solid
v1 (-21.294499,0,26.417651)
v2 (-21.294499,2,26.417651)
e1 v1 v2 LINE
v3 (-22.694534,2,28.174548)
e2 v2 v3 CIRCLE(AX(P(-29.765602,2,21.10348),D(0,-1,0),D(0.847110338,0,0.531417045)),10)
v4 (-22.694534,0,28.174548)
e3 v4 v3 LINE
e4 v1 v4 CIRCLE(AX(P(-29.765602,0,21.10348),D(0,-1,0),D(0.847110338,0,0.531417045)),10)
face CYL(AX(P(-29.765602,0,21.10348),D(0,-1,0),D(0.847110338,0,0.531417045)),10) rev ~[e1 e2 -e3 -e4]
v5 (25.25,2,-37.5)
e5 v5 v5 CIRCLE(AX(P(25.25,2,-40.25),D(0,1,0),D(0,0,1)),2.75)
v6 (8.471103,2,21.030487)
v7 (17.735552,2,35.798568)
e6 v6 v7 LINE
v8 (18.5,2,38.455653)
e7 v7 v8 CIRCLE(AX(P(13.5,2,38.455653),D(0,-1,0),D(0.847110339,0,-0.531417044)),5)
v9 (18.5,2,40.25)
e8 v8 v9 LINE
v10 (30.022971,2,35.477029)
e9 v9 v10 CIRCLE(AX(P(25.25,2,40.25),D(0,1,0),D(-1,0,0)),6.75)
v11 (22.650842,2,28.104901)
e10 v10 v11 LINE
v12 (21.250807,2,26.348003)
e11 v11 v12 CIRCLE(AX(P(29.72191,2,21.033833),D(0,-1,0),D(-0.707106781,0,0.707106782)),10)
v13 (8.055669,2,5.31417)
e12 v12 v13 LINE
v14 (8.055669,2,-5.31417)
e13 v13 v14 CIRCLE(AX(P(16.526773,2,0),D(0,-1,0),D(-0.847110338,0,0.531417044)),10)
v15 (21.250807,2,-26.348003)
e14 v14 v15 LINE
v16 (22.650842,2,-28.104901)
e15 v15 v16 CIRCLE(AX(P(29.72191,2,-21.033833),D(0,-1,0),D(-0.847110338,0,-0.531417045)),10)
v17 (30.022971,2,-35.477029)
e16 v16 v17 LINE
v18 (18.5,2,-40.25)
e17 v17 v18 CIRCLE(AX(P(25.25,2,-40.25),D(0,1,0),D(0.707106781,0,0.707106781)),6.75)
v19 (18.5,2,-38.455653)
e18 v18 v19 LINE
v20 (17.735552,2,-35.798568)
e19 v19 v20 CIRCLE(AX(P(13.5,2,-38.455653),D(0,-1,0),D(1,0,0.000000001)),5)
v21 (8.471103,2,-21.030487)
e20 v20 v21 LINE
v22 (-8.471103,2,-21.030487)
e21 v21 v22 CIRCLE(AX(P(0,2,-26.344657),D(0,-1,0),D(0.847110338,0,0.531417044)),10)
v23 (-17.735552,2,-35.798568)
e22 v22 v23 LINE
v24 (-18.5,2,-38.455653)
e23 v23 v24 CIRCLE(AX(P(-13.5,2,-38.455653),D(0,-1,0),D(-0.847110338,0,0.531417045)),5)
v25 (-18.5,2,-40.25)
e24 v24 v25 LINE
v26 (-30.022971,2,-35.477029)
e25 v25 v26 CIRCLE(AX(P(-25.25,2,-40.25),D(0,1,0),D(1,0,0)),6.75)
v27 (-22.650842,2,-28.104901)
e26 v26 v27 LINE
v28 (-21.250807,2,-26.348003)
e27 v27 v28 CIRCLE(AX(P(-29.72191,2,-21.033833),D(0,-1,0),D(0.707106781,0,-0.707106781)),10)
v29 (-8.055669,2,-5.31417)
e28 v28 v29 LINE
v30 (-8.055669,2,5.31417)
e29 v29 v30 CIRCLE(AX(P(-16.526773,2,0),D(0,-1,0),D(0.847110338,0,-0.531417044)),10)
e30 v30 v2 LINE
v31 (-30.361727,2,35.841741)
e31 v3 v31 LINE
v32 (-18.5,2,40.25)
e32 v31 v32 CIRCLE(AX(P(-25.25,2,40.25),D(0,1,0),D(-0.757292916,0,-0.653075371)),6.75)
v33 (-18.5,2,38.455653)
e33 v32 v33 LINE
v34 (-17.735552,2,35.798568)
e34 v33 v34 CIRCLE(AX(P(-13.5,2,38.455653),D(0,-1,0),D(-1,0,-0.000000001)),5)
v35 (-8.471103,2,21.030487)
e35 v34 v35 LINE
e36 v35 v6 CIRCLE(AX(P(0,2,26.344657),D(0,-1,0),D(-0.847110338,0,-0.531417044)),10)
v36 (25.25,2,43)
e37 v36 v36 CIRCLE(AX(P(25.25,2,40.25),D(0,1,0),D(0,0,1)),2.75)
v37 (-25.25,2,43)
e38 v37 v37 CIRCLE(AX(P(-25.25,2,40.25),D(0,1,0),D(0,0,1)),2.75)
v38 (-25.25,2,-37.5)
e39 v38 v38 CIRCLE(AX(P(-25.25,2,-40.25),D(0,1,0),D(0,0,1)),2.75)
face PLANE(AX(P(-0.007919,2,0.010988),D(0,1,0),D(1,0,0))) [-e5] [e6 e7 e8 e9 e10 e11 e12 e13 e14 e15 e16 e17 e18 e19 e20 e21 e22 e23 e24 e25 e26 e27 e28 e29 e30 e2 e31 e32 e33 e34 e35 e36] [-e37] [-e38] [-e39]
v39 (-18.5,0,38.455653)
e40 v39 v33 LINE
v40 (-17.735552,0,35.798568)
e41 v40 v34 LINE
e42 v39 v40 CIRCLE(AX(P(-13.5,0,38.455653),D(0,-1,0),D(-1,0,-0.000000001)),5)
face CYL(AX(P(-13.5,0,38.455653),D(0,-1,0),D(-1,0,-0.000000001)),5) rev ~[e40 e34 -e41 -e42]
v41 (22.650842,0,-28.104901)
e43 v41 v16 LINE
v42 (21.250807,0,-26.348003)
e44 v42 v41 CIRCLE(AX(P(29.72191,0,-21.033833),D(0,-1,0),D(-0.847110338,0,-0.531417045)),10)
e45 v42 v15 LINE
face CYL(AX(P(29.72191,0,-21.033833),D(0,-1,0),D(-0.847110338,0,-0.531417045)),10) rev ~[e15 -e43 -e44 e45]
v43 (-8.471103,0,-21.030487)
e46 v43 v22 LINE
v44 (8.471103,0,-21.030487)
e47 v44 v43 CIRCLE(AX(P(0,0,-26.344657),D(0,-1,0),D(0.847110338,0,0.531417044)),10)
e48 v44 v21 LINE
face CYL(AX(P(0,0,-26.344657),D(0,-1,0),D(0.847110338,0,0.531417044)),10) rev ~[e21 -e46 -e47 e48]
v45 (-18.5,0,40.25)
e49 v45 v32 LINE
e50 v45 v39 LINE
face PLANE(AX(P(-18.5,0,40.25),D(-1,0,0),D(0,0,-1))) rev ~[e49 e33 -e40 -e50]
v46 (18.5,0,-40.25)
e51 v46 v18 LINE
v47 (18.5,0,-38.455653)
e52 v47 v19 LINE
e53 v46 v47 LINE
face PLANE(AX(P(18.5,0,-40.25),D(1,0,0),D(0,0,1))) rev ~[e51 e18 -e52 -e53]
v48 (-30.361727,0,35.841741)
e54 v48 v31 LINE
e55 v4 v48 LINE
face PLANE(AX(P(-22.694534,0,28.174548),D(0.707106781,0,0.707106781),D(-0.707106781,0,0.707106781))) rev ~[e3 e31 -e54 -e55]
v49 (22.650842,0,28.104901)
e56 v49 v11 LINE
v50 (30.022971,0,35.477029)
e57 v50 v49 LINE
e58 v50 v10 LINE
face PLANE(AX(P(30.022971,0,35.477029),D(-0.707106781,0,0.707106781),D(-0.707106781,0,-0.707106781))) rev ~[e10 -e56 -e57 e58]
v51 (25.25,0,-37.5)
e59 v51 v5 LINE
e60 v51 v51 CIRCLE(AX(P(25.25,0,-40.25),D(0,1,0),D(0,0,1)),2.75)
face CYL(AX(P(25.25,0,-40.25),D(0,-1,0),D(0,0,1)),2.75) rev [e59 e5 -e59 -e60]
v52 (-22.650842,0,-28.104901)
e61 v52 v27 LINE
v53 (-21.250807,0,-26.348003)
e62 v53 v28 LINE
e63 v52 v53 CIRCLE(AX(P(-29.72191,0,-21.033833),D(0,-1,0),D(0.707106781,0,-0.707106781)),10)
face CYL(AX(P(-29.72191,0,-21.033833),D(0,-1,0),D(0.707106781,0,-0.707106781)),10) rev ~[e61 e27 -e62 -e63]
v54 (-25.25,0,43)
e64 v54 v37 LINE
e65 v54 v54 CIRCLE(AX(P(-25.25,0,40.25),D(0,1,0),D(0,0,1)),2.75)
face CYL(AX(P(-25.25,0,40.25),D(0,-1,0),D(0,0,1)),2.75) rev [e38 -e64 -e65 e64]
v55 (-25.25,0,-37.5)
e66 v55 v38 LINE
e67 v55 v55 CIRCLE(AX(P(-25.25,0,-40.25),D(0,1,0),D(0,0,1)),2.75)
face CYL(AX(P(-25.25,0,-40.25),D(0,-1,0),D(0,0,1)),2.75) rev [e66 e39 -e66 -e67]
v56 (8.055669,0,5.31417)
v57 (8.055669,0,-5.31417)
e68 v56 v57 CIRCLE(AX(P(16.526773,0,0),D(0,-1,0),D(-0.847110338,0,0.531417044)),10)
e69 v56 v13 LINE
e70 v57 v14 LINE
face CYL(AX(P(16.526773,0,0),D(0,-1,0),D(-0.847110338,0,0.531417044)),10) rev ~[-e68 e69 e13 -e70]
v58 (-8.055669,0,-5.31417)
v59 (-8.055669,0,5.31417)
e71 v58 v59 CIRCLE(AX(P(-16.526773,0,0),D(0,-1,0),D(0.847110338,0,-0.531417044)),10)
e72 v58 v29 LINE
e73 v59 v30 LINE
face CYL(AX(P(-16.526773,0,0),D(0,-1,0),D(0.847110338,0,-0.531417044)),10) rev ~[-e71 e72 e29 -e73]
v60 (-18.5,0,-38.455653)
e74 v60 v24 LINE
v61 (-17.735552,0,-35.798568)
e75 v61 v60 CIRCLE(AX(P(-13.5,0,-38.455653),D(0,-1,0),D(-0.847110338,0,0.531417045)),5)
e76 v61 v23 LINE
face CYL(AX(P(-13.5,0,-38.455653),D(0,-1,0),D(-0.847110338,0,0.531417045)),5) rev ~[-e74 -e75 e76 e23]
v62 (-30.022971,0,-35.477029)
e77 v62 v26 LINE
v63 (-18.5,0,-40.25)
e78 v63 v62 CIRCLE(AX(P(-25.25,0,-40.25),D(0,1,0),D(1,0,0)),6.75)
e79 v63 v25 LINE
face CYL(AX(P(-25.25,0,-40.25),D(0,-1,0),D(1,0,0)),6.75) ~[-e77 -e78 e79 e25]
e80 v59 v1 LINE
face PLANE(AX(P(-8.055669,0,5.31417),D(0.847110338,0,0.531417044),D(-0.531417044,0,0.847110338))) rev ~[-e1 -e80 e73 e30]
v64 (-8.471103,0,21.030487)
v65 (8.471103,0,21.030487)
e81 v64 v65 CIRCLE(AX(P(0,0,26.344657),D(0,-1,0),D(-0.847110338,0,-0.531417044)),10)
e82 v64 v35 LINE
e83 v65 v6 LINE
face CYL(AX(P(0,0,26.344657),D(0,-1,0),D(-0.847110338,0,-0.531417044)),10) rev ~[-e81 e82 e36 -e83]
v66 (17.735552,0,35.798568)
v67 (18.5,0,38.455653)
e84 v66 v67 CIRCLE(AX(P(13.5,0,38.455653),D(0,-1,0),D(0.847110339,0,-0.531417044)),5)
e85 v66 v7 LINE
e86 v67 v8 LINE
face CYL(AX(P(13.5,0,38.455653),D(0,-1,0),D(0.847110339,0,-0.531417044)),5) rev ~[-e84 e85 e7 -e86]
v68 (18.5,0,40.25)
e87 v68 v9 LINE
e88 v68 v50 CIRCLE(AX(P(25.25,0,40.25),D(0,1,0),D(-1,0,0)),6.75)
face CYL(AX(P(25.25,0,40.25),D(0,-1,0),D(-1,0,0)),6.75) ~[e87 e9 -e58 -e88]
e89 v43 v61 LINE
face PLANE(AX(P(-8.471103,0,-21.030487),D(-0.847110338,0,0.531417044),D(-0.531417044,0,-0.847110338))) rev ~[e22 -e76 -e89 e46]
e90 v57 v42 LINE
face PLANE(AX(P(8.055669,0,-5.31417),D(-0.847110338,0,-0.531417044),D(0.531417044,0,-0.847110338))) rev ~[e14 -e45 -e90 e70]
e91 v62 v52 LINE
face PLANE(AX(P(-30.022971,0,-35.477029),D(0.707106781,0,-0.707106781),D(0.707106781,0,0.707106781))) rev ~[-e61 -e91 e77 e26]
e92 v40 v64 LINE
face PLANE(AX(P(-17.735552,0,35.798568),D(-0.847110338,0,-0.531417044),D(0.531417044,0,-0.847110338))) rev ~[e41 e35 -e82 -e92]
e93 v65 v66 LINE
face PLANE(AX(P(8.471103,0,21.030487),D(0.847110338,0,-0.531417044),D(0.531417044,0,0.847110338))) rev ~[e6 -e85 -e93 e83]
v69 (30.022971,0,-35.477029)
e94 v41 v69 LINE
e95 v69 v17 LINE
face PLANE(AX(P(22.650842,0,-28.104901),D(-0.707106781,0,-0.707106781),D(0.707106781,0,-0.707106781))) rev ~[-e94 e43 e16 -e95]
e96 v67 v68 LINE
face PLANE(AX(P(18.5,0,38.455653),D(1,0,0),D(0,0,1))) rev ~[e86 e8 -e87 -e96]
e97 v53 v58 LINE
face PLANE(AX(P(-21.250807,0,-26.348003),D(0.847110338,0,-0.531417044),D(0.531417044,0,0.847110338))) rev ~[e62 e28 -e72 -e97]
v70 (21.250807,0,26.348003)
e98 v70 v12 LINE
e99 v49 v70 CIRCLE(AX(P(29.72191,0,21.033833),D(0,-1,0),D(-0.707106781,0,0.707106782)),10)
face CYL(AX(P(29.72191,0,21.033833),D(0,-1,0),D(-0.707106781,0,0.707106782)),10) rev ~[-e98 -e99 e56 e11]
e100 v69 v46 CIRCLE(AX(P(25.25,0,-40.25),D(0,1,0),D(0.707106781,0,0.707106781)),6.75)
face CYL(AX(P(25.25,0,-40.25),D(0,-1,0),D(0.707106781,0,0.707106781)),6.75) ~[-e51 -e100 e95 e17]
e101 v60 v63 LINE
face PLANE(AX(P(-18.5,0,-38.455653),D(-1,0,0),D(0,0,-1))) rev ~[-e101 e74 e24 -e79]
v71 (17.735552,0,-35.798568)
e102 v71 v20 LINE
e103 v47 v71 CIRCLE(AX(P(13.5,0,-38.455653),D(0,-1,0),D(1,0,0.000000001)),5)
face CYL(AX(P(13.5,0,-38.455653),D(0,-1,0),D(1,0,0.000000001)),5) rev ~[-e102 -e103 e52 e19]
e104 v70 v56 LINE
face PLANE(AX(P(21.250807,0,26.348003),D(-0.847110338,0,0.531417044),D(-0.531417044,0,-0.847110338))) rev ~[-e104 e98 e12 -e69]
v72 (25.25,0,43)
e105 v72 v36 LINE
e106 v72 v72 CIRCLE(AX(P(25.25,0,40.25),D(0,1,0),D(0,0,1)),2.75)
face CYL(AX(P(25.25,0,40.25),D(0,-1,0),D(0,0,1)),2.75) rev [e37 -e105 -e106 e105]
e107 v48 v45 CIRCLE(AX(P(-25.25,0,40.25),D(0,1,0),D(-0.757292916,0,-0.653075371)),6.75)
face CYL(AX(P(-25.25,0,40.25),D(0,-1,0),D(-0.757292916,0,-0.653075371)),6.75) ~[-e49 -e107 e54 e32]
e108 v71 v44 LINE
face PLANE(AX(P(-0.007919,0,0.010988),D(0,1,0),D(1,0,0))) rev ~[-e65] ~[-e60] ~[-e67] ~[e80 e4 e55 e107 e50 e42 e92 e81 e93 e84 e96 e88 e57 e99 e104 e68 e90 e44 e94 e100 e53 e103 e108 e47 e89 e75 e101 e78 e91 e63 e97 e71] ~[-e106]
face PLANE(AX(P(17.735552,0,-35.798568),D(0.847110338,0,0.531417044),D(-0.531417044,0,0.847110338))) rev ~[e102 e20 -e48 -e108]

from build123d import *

# Parameters (mm, degrees)
SKETCH1_R           = 2.75
BOSS_EXTRUDE1_DEPTH = 2


with BuildPart() as part:
    # Sketch1 → Boss-Extrude1 (new body)
    with BuildSketch(Plane(origin=(0, 0, 0), x_dir=(1, 0, 0), z_dir=(0, 1, 0))):
        with BuildLine():
            ThreePointArc((-22.650842333, 28.104900787), (-21.901331942, 27.26589175), (-21.250806764, 26.34800342))
            Line((-21.250806764, 26.34800342), (-8.055669308, 5.314170444))
            ThreePointArc((-8.055669308, 5.314170444), (-6.526772689, 0), (-8.055669308, -5.314170444))
            Line((-8.055669308, -5.314170444), (-21.294498712, -26.41765098))
            ThreePointArc((-21.294498712, -26.41765098), (-21.94502389, -27.33553931), (-22.694534281, -28.174548348))
            Line((-22.694534281, -28.174548348), (-30.36172718, -35.841741247))
            ThreePointArc((-30.36172718, -35.841741247), (-27.601418884, -46.577189679), (-18.5, -40.25))
            Line((-18.5, -40.25), (-18.5, -38.455653201))
            ThreePointArc((-18.5, -38.455653201), (-18.305088888, -37.073220282), (-17.735551691, -35.798567979))
            Line((-17.735551691, -35.798567979), (-8.471103381, -21.03048701))
            ThreePointArc((-8.471103381, -21.03048701), (0, -16.344657454), (8.471103381, -21.03048701))
            Line((8.471103381, -21.03048701), (17.735551691, -35.798567979))
            ThreePointArc((17.735551691, -35.798567979), (18.305088888, -37.073220282), (18.5, -38.455653201))
            Line((18.5, -38.455653201), (18.5, -40.25))
            ThreePointArc((18.5, -40.25), (27.833113168, -46.486186844), (30.022970773, -35.477029227))
            Line((30.022970773, -35.477029227), (22.650842334, -28.104900787))
            ThreePointArc((22.650842334, -28.104900787), (21.901331942, -27.26589175), (21.250806764, -26.34800342))
            Line((21.250806764, -26.34800342), (8.055669308, -5.314170444))
            ThreePointArc((8.055669308, -5.314170444), (6.526772689, 0), (8.055669308, 5.314170444))
            Line((8.055669308, 5.314170444), (21.250806764, 26.34800342))
            ThreePointArc((21.250806764, 26.34800342), (21.901331942, 27.26589175), (22.650842333, 28.104900787))
            Line((22.650842333, 28.104900787), (30.022970773, 35.477029227))
            ThreePointArc((30.022970773, 35.477029227), (27.833113168, 46.486186844), (18.5, 40.25))
            Line((18.5, 40.25), (18.5, 38.455653201))
            ThreePointArc((18.5, 38.455653201), (18.305088888, 37.073220282), (17.735551691, 35.798567979))
            Line((17.735551691, 35.798567979), (8.471103381, 21.03048701))
            ThreePointArc((8.471103381, 21.03048701), (0, 16.344657454), (-8.471103381, 21.03048701))
            Line((-8.471103381, 21.03048701), (-17.735551691, 35.798567979))
            ThreePointArc((-17.735551691, 35.798567979), (-18.305088889, 37.073220282), (-18.5, 38.455653201))
            Line((-18.5, 38.455653201), (-18.5, 40.25))
            ThreePointArc((-18.5, 40.25), (-27.833113168, 46.486186844), (-30.022970773, 35.477029227))
            Line((-30.022970773, 35.477029227), (-22.650842333, 28.104900787))
        make_face()
        with Locations(Location((-25.25, -40.25, 0), (0, 0, 270))):
            Circle(SKETCH1_R, mode=Mode.SUBTRACT)
        with Locations(Location((-25.25, 40.25, 0), (0, 0, 270))):
            Circle(SKETCH1_R, mode=Mode.SUBTRACT)
        with Locations(Location((25.25, 40.25, 0), (0, 0, 270))):
            Circle(SKETCH1_R, mode=Mode.SUBTRACT)
        with Locations(Location((25.25, -40.25, 0), (0, 0, 270))):
            Circle(SKETCH1_R, mode=Mode.SUBTRACT)
    extrude(amount=BOSS_EXTRUDE1_DEPTH)


solid = part.part
